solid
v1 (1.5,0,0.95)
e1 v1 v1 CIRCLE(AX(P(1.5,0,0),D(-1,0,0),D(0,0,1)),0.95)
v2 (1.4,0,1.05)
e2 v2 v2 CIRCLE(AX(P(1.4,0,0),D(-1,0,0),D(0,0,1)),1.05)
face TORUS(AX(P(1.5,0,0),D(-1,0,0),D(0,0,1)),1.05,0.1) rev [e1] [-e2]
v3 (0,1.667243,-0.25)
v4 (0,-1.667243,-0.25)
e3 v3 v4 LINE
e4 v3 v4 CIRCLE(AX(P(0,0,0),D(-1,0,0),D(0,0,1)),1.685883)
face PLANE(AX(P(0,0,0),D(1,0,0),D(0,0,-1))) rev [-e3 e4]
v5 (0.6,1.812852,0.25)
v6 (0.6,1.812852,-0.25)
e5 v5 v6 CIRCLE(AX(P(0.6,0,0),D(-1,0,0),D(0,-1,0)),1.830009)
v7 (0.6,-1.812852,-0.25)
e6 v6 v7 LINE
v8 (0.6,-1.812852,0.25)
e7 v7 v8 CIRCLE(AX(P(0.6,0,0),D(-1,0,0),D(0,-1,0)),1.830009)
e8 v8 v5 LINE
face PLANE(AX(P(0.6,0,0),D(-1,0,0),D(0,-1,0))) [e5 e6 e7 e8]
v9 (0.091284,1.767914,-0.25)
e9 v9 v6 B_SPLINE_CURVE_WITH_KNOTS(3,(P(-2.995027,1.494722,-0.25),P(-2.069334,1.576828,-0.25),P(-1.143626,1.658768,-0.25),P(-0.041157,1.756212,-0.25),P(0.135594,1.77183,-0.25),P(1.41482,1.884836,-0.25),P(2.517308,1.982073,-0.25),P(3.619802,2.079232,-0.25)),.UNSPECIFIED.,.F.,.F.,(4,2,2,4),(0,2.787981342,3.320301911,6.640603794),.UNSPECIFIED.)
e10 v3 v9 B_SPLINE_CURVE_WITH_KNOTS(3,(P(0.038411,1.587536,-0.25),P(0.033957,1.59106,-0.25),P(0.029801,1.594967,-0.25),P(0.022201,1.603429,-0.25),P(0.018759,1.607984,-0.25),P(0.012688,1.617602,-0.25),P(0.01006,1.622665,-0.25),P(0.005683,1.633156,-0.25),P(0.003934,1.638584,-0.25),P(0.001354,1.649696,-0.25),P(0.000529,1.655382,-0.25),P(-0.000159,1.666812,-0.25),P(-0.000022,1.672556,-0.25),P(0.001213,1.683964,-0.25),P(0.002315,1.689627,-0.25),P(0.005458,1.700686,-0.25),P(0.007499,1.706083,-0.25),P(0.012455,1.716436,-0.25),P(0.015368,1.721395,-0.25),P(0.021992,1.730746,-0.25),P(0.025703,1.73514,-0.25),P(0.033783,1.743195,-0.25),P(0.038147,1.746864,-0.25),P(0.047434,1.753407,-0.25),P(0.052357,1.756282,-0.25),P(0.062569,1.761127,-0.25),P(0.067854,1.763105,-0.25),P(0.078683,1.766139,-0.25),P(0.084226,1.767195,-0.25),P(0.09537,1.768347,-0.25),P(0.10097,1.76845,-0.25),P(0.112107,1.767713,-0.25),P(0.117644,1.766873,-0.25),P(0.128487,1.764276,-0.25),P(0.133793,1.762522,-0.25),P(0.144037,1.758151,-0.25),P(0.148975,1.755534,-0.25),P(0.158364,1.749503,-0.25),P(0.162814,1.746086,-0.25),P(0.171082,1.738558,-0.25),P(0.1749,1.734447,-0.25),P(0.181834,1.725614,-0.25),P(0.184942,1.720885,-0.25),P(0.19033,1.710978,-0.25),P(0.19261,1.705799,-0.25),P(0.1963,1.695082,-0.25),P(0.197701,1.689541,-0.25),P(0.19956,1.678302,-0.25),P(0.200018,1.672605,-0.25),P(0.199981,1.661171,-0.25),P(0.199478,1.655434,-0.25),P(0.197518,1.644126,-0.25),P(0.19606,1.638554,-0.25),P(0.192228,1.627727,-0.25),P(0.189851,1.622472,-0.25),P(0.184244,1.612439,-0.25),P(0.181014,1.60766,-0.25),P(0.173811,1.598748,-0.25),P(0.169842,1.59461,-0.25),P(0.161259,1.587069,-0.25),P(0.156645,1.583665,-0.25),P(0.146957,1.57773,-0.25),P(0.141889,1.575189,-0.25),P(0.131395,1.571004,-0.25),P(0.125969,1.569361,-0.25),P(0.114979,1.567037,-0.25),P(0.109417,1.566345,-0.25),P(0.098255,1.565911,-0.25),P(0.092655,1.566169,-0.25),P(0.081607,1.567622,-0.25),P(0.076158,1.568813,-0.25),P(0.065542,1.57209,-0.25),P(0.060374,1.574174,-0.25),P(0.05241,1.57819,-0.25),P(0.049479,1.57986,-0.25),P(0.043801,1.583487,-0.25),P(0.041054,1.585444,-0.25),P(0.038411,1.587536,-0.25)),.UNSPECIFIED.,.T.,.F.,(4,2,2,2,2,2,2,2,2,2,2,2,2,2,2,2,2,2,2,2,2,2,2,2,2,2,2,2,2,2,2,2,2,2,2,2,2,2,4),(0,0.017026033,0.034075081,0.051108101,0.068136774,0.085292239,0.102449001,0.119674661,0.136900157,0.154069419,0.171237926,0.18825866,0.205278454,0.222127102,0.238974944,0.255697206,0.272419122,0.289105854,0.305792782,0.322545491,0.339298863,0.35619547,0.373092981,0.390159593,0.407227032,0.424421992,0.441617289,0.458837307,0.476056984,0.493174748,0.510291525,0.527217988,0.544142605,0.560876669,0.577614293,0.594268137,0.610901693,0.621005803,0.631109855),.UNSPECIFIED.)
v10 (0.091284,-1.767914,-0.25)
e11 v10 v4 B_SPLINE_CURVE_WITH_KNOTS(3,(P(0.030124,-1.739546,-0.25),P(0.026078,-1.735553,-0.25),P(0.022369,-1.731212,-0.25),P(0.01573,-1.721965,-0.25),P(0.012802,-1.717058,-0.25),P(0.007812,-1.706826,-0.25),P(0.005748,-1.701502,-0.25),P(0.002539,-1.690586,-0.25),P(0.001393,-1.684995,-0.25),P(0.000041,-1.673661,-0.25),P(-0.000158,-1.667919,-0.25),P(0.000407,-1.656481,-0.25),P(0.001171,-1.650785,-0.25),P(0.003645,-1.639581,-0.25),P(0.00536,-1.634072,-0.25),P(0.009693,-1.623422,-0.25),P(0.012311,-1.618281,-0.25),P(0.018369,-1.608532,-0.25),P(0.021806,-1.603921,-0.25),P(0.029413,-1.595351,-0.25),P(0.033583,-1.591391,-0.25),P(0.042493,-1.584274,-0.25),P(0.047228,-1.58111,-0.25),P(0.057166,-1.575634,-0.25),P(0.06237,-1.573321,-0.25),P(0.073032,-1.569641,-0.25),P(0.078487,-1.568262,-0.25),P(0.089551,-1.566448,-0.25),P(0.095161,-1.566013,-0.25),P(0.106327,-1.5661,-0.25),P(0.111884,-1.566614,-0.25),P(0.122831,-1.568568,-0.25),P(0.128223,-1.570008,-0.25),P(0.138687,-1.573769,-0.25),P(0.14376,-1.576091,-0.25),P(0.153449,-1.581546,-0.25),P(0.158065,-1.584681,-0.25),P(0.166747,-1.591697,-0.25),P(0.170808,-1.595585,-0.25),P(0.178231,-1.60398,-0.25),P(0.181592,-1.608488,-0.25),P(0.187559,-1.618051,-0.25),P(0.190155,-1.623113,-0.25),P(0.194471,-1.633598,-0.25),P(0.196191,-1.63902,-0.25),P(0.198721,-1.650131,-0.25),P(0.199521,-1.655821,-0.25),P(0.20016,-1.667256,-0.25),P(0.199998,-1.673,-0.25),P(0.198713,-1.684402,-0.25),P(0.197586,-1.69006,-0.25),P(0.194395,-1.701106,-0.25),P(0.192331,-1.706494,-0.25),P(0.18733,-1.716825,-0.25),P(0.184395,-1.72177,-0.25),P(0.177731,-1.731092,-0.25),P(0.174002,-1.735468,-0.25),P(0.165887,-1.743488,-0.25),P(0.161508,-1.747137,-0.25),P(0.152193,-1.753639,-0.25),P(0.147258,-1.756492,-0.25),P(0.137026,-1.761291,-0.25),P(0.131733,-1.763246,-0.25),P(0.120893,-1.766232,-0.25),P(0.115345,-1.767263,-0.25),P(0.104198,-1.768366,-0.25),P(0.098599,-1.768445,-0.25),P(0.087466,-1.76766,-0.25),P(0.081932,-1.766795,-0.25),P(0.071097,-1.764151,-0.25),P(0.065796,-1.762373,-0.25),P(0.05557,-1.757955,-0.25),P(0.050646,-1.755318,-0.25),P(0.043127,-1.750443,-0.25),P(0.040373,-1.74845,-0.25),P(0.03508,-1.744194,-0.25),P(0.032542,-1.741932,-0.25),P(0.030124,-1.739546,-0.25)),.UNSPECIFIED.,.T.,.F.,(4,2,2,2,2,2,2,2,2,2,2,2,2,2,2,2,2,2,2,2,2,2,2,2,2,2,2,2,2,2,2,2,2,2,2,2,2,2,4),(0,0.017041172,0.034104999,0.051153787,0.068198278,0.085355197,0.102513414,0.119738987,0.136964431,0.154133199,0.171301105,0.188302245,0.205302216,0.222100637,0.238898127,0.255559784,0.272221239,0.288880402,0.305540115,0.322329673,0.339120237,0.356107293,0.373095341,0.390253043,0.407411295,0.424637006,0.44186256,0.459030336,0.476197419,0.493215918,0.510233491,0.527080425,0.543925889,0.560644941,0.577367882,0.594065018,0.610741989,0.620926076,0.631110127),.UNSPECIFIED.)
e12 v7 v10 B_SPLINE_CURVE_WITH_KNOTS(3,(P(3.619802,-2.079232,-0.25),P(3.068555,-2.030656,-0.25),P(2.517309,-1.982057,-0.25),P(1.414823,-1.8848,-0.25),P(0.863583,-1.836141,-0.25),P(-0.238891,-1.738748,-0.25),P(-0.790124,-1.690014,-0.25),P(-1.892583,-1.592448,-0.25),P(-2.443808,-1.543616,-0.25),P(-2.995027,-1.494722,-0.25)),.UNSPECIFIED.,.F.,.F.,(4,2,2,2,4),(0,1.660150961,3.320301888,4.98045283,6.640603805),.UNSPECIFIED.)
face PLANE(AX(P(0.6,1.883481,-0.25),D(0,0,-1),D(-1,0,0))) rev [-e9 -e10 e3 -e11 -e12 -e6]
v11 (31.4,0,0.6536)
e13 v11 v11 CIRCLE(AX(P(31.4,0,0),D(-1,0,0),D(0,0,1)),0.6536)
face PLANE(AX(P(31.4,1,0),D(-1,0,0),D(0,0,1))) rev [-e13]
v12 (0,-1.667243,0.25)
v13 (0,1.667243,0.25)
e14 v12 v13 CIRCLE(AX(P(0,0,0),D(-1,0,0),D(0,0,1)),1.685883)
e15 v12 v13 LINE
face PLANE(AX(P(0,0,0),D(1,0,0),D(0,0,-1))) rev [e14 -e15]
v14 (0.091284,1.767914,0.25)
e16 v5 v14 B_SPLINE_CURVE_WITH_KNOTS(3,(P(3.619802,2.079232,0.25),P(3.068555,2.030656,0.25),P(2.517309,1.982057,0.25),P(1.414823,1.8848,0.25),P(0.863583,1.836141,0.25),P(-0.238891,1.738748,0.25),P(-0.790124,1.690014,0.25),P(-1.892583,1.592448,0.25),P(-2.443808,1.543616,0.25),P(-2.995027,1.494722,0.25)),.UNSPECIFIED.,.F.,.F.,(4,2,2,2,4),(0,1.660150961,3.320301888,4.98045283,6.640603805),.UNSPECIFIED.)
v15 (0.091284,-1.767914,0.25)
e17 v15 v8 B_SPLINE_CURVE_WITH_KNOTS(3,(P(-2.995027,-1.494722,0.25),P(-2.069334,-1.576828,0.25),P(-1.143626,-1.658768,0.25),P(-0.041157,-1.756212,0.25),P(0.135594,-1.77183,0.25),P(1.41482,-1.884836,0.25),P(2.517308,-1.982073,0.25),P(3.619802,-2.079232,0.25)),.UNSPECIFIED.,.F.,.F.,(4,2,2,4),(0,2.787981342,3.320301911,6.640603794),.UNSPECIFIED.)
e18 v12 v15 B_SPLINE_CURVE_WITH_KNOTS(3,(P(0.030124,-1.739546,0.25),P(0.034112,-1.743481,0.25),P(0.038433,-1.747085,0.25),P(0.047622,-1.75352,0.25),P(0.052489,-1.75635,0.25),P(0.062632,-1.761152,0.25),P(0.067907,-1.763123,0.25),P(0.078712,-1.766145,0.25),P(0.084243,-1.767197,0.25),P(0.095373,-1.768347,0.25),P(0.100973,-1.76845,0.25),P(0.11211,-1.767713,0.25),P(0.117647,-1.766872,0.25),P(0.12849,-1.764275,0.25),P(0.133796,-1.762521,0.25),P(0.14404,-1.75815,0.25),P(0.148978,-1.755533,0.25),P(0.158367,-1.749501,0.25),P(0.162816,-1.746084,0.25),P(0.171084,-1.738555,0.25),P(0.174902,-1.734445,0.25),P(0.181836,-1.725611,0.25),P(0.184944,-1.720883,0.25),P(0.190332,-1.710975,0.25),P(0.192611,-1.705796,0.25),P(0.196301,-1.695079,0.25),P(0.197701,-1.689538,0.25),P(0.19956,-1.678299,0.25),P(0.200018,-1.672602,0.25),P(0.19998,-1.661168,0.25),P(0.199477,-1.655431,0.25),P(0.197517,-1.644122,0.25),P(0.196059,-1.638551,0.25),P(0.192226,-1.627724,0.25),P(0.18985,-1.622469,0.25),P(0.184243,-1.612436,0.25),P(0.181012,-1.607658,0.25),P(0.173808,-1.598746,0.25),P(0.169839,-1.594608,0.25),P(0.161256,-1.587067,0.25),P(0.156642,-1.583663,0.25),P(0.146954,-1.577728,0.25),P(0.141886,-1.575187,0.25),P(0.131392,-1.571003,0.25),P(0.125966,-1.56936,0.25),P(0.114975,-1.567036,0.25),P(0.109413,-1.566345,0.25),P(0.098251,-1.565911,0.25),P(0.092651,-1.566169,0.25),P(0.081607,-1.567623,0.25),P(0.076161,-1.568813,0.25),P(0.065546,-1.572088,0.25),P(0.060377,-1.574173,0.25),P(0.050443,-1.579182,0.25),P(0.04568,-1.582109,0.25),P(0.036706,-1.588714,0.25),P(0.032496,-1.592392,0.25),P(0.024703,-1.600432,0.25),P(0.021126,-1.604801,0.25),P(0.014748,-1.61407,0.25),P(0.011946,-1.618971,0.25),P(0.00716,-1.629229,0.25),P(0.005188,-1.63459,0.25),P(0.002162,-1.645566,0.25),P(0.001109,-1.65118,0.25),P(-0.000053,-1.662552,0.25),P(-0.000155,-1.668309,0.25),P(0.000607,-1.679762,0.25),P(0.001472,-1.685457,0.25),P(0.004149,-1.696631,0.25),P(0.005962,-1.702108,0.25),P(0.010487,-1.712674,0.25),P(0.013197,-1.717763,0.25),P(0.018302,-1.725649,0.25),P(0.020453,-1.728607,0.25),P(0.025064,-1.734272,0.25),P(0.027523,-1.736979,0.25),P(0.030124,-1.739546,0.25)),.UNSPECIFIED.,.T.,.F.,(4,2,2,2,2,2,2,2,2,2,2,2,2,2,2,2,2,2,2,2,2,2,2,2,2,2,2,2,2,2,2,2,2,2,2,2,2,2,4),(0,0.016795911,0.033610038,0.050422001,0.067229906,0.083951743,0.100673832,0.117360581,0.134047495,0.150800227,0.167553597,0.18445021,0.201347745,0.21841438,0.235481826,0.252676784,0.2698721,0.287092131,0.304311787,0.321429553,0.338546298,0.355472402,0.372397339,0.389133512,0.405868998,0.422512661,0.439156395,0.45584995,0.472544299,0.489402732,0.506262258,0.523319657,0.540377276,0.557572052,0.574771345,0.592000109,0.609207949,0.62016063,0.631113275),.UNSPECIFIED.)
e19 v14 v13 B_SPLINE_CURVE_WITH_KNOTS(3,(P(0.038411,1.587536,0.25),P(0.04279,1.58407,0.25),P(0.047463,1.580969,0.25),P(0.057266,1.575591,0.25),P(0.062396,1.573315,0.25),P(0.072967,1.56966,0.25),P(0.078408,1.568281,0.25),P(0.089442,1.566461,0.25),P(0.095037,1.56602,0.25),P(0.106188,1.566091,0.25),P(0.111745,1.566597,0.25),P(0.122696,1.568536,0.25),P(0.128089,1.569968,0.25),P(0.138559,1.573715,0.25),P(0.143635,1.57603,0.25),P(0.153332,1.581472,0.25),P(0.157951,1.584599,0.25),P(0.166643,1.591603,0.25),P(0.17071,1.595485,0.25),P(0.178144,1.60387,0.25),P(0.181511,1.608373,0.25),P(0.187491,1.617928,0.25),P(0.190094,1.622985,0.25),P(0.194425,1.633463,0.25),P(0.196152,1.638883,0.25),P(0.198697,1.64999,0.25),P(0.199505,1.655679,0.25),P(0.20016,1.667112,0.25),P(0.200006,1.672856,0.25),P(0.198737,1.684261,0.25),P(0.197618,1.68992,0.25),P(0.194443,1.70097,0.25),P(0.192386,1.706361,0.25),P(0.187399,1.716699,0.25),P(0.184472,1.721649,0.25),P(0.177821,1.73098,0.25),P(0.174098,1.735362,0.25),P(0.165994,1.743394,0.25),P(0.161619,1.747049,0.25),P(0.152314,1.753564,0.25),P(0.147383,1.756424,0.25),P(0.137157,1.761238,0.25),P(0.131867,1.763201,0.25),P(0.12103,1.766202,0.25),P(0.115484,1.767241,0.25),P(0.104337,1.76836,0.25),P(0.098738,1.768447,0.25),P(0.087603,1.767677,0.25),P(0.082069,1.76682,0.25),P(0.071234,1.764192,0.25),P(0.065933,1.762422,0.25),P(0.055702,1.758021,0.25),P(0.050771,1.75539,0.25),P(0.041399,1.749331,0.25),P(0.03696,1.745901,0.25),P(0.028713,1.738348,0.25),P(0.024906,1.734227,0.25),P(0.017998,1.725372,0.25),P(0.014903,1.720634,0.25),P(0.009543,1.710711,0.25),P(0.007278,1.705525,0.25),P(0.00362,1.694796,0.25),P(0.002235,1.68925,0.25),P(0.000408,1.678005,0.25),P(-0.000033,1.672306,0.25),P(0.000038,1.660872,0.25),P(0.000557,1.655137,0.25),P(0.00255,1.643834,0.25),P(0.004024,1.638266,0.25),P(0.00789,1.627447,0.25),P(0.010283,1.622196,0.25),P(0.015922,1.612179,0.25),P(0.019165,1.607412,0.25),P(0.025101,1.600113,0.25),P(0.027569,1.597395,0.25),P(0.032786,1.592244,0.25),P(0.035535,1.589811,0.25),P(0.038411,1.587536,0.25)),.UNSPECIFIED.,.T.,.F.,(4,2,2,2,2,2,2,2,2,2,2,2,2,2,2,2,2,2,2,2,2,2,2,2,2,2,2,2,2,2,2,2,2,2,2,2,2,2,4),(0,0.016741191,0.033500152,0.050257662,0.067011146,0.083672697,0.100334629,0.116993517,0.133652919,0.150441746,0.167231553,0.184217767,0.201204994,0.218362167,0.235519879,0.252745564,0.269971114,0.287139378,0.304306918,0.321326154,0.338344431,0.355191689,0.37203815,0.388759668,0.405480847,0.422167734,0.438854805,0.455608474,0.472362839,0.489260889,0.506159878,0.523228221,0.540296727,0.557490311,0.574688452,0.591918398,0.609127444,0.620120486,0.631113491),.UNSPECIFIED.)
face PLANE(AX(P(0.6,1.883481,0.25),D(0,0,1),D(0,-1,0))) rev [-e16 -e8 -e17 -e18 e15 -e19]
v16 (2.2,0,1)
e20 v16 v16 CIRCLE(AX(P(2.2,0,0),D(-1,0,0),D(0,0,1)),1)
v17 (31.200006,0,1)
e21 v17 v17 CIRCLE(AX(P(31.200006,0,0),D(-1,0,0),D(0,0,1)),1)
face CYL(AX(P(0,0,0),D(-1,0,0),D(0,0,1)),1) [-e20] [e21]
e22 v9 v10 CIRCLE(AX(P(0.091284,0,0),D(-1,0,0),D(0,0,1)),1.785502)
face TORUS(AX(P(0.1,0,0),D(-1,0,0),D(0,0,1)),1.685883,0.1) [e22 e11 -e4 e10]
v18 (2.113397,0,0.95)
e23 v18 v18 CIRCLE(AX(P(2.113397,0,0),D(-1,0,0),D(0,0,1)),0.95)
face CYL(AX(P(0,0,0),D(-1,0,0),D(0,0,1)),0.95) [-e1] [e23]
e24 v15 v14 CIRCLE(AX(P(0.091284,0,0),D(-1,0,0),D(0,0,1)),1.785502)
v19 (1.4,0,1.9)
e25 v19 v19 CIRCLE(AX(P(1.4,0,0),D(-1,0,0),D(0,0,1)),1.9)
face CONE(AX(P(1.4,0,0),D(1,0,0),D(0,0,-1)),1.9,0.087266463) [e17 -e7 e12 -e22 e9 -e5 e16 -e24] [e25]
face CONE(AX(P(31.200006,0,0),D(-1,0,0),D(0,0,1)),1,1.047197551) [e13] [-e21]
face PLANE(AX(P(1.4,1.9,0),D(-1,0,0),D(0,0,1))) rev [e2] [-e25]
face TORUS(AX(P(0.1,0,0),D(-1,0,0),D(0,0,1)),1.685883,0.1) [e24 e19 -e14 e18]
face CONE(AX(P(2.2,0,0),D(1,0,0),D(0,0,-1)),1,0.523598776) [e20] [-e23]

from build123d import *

# Parameters (mm, degrees)
CUT_EXTRUDE_1_DEPTH = 0.6


with BuildPart() as part:
    # 草图1 → Revolve 651 (revolve)
    with BuildSketch(Plane.XY, mode=Mode.PRIVATE) as revolve_651_sk:
        with BuildLine():
            Line((0, 0), (0, 1.685882754))
            ThreePointArc((0, 1.685882754), (0.026272266, 1.753441774), (0.091284426, 1.785502223))
            Line((0.091284426, 1.785502223), (1.4, 1.9))
            Line((1.4, 1.9), (1.4, 1.05))
            ThreePointArc((1.4, 1.05), (1.429289322, 0.979289322), (1.5, 0.95))
            Line((1.5, 0.95), (2.11339746, 0.95))
            Line((2.11339746, 0.95), (2.2, 1))
            Line((2.2, 1), (31.4, 1))
            Line((31.4, 1), (31.4, 0))
            Line((31.4, 0), (0, 0))
        make_face()
    revolve(revolve_651_sk.sketch.rotate(Axis((0, 0, 0), (1, 0, 0)), 90), axis=Axis((0, 0, 0), (1, 0, 0)))

    # 草图2 → 切除-拉伸1 (cut)
    with BuildSketch(Plane.ZY):
        with BuildLine():
            Line((0.25, 1.88348082), (0.25, -1.88348082))
            ThreePointArc((0.25, -1.88348082), (0, -1.9), (-0.25, -1.88348082))
            Line((-0.25, -1.88348082), (-0.25, 1.88348082))
            ThreePointArc((-0.25, 1.88348082), (0, 1.9), (0.25, 1.88348082))
        make_face()
    extrude(amount=-CUT_EXTRUDE_1_DEPTH, mode=Mode.SUBTRACT)

    # 草图3 → 切除-旋转1 (revolve, cut)
    with BuildSketch(Plane(origin=(0, 0, 0), x_dir=(1, 0, 0), z_dir=(0, 1, 0)), mode=Mode.PRIVATE) as cut_revolve_1_sk:
        Polygon((31.200005867, 1), (31.599994133, 1), (31.4, 0.6536), align=None)
    revolve(cut_revolve_1_sk.sketch.rotate(Axis((0, 0, 0), (1, 0, 0)), 180), axis=Axis((0, 0, 0), (1, 0, 0)), mode=Mode.SUBTRACT)


solid = part.part
